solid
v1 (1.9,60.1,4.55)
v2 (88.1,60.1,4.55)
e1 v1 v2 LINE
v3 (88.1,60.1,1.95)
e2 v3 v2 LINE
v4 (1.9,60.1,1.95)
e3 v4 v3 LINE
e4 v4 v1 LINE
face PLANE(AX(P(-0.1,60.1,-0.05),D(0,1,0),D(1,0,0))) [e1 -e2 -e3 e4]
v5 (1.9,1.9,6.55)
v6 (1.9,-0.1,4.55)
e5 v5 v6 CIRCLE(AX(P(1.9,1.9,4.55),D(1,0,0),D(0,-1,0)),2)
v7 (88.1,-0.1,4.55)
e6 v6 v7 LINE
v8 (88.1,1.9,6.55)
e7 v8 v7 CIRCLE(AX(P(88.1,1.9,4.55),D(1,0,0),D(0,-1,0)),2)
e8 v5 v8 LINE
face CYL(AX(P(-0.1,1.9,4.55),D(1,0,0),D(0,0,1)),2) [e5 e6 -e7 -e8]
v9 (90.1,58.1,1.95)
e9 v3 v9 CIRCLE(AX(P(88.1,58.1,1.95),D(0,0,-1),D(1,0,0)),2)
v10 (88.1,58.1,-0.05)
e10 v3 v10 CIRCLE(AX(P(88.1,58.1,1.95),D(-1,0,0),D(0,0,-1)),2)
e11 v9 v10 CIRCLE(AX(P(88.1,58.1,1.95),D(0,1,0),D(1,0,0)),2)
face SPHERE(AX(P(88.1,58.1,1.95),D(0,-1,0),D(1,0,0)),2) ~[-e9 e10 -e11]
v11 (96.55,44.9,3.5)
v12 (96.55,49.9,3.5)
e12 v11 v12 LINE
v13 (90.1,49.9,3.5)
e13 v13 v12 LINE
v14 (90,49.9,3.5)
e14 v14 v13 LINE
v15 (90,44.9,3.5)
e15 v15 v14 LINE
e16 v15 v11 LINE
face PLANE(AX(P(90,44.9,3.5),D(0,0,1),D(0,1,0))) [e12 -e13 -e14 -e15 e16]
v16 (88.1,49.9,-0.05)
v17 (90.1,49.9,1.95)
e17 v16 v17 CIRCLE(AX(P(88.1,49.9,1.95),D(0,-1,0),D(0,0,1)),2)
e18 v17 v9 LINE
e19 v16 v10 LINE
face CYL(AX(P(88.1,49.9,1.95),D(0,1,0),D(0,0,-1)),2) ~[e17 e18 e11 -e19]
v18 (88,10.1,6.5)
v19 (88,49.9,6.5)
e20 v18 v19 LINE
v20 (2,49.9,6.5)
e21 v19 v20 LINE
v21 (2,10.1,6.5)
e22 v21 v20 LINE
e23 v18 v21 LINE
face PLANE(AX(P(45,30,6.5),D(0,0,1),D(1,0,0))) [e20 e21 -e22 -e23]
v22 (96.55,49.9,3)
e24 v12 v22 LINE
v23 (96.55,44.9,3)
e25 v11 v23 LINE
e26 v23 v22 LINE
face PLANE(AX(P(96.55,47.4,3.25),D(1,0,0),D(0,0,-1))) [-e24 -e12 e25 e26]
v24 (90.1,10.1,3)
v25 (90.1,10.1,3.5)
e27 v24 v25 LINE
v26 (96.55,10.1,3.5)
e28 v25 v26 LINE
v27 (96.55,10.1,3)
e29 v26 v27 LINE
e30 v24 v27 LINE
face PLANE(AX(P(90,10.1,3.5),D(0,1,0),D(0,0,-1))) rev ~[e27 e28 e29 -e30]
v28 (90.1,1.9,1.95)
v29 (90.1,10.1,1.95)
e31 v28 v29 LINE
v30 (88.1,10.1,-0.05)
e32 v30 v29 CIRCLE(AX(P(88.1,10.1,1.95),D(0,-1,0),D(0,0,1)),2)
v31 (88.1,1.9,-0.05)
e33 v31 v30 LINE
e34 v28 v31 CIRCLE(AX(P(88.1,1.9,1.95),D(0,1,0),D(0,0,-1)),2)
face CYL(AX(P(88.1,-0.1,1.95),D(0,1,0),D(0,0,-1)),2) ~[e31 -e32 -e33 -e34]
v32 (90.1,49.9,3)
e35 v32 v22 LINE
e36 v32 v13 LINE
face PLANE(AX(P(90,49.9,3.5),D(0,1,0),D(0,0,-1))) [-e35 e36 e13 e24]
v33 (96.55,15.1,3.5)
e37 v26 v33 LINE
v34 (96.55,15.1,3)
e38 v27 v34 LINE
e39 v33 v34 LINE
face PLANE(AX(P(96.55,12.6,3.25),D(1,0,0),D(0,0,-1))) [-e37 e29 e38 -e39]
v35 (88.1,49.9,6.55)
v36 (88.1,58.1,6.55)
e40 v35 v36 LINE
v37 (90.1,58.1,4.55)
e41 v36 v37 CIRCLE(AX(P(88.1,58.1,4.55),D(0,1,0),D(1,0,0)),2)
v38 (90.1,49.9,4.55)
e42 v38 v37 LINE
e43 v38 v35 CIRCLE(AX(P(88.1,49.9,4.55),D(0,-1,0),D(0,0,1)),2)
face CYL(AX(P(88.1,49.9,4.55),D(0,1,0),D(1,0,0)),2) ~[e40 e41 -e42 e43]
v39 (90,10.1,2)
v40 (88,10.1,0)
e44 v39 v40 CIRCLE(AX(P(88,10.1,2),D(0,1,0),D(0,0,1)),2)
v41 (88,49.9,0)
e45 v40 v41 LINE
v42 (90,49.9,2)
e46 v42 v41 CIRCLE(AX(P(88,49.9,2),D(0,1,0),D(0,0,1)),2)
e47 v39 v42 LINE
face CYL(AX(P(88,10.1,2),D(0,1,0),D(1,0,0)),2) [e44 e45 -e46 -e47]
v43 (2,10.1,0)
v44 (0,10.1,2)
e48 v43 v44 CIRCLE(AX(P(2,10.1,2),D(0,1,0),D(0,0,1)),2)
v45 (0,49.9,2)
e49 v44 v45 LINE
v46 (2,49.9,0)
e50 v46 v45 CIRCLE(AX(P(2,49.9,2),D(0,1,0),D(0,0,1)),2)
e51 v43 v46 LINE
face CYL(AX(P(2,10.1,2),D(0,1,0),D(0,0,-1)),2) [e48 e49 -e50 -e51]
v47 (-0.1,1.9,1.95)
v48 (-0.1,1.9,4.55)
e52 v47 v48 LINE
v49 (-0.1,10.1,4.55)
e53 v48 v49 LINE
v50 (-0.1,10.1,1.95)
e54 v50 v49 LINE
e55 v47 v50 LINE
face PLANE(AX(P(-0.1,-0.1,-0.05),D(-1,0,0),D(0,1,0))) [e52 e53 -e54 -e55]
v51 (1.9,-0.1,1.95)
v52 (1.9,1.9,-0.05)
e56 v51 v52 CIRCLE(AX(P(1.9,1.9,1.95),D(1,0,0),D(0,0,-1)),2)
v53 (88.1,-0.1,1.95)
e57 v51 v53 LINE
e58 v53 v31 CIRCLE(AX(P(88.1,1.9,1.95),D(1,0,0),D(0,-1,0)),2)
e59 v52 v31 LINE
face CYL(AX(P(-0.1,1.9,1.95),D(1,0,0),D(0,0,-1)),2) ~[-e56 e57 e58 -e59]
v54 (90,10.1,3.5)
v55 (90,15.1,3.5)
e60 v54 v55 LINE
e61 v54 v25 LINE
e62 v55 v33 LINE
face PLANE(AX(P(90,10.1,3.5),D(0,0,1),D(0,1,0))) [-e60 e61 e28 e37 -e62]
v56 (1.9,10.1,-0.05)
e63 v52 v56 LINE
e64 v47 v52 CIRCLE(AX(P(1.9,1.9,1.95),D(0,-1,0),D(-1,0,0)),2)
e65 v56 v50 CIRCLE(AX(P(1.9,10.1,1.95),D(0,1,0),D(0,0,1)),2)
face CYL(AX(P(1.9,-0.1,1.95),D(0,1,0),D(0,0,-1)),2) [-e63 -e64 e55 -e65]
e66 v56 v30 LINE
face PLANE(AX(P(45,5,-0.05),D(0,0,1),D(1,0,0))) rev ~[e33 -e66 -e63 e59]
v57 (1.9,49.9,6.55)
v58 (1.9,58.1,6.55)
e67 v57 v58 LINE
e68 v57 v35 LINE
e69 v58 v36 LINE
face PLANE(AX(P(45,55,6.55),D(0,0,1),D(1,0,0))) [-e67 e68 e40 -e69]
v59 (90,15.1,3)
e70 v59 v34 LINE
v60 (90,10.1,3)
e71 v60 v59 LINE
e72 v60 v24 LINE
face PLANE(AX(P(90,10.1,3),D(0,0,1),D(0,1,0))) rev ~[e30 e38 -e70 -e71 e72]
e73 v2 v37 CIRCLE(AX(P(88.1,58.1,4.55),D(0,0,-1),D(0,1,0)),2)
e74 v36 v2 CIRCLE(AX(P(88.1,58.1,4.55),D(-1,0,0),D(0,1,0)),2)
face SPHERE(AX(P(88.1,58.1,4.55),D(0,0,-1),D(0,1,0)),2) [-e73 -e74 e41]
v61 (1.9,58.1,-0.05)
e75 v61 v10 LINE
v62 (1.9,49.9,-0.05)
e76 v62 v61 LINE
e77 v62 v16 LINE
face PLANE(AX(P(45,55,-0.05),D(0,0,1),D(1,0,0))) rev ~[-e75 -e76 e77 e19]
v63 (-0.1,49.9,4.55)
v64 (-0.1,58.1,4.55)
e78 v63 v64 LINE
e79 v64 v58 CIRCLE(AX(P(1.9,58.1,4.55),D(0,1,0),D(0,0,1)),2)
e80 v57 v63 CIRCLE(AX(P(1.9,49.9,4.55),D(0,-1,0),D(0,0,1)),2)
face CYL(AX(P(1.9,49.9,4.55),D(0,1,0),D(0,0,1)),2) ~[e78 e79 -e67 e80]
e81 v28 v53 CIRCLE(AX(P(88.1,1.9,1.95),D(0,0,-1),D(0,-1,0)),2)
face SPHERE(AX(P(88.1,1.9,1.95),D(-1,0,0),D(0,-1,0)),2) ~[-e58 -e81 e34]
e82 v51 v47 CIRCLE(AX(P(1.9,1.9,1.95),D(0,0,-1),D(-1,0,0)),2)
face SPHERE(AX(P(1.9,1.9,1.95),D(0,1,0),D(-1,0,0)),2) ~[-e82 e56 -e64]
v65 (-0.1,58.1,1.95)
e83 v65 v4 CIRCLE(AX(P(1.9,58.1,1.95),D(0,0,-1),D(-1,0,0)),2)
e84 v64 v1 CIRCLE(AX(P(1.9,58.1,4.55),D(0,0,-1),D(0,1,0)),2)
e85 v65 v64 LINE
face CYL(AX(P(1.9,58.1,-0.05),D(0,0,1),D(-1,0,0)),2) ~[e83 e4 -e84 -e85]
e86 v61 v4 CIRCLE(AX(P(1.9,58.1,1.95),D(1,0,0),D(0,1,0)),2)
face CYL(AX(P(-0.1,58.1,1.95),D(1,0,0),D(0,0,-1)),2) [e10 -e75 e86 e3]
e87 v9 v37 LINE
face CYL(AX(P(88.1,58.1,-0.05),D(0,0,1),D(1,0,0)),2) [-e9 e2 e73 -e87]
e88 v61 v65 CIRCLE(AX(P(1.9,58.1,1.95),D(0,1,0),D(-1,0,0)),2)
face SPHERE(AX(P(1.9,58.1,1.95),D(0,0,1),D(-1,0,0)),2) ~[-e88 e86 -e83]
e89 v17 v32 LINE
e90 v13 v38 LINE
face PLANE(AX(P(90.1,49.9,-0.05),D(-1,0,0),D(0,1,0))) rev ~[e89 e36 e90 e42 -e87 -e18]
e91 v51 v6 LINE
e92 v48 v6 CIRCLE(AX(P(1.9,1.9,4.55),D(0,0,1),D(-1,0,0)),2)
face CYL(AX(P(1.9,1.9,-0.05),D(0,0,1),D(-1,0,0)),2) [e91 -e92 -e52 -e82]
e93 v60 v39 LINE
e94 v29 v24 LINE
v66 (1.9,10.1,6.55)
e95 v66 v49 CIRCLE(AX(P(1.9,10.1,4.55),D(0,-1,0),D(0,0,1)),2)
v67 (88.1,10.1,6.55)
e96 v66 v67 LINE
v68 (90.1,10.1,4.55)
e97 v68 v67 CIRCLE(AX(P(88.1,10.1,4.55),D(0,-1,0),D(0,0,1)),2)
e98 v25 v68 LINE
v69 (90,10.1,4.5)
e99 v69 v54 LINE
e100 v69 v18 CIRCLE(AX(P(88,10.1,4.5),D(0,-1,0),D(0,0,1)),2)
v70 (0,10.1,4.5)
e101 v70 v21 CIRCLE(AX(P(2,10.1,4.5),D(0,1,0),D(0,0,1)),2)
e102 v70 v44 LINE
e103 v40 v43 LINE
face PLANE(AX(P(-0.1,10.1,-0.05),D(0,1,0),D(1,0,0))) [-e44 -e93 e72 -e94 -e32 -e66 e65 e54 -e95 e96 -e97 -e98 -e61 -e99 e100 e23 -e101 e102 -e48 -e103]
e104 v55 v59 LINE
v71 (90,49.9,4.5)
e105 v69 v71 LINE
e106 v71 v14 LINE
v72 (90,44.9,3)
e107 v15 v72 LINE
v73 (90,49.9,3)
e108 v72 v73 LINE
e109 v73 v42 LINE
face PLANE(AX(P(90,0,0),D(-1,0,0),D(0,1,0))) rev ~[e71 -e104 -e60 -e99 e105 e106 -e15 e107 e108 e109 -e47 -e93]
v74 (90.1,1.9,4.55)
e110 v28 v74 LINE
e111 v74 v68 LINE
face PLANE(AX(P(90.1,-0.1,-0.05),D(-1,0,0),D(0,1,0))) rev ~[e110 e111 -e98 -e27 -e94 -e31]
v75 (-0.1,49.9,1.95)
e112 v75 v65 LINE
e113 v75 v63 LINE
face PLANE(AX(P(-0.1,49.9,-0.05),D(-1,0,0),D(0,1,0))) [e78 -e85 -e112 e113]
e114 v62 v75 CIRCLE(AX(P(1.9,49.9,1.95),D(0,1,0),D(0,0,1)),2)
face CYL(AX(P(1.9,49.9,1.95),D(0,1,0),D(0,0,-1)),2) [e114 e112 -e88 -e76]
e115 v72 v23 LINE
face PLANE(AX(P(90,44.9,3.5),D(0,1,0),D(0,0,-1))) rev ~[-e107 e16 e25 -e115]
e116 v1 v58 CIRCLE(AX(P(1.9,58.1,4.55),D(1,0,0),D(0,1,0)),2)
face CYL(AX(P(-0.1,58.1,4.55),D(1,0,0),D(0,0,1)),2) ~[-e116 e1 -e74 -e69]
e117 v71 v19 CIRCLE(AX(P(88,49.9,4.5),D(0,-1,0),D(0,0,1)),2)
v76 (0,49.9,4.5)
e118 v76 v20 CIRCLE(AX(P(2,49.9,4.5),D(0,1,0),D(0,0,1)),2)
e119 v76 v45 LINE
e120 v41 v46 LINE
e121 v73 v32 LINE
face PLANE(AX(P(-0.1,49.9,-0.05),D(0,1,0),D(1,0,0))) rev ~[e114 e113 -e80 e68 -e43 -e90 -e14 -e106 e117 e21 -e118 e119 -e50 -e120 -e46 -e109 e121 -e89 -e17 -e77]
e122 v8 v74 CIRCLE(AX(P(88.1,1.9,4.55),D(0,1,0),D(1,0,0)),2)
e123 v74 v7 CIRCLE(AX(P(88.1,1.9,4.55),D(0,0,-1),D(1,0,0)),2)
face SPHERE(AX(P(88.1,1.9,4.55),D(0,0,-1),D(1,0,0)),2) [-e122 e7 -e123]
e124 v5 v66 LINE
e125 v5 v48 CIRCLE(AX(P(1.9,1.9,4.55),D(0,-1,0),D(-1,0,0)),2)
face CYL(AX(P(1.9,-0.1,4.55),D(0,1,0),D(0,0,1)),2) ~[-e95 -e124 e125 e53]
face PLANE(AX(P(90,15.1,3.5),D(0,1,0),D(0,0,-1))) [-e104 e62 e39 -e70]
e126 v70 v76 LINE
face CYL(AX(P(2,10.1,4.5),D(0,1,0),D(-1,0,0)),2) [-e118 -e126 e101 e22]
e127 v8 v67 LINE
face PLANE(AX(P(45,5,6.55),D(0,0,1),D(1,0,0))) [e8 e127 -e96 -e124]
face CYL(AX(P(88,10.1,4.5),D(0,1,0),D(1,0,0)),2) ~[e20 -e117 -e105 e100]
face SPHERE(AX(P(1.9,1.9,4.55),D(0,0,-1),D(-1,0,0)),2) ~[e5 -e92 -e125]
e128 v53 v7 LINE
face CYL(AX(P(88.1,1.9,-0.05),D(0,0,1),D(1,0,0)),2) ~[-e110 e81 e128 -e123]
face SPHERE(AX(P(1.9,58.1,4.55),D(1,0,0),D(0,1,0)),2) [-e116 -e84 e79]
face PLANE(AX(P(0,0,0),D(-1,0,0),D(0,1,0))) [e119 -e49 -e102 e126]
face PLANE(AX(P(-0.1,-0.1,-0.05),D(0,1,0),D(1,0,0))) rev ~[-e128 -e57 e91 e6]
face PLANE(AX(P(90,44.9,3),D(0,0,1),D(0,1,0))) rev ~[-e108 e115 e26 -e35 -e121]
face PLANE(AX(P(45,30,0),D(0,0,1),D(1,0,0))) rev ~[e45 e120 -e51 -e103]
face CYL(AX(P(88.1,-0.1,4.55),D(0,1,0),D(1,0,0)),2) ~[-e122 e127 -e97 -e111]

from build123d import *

# Parameters (mm, degrees)
SKETCH_1_W           = 90
SKETCH_1_H           = 60
EXTRUDE_1_DEPTH      = 6.5
EXTRUDE_2_DEPTH      = 0.05
EXTRUDE_2_DEPTH_BACK = 6.55
SKETCH_2_W           = 90.2
SKETCH_2_H           = 10.2
SKETCH_3_W           = 0.5
SKETCH_3_H           = 5
EXTRUDE_3_DEPTH      = 6.55
FILLET_1_R           = 2


with BuildPart() as part:
    # Sketch 1 → Extrude 1 (new body)
    with BuildSketch(Plane.XY):
        with Locations((45, 30)):
            Rectangle(SKETCH_1_W, SKETCH_1_H)
    extrude(amount=EXTRUDE_1_DEPTH)

    # Sketch 2 → Extrude 2 (add, two sides: drawn at the far end of the back side and taken through both)
    with BuildSketch(Plane.XY.offset(6.5).offset(-EXTRUDE_2_DEPTH_BACK)):
        with Locations((45, 55)):
            Rectangle(SKETCH_2_W, SKETCH_2_H)
        with Locations((45, 5)):
            Rectangle(SKETCH_2_W, SKETCH_2_H)
    extrude(amount=EXTRUDE_2_DEPTH + EXTRUDE_2_DEPTH_BACK)

    # Sketch 3 → Extrude 3 (add)
    with BuildSketch(Plane(origin=(90, 0, 0), x_dir=(0, 0, -1), z_dir=(1, 0, 0))):
        with Locations((-3.25, 47.4)):
            Rectangle(SKETCH_3_W, SKETCH_3_H)
        with Locations((-3.25, 12.6)):
            Rectangle(SKETCH_3_W, SKETCH_3_H)
    extrude(amount=EXTRUDE_3_DEPTH)

    # Fillet 1
    fillet_1_edges = [part.edges().sort_by_distance(p)[0] for p in [
        (0, 30, 0),
        (90, 30, 0),
        (0, 30, 6.5),
        (90, 30, 6.5),
        (90.1, 55, -0.05),
        (90.1, 60.1, 3.25),
        (45, 60.1, 6.55),
        (-0.1, 60.1, 3.25),
        (-0.1, 55, 6.55),
        (90.1, 55, 6.55),
        (-0.1, 55, -0.05),
        (45, 60.1, -0.05),
        (-0.1, 5, -0.05),
        (-0.1, -0.1, 3.25),
        (45, -0.1, -0.05),
        (90.1, -0.1, 3.25),
        (90.1, 5, 6.55),
        (-0.1, 5, 6.55),
        (45, -0.1, 6.55),
        (90.1, 5, -0.05),
    ]]
    fillet(fillet_1_edges, radius=FILLET_1_R)


solid = part.part
